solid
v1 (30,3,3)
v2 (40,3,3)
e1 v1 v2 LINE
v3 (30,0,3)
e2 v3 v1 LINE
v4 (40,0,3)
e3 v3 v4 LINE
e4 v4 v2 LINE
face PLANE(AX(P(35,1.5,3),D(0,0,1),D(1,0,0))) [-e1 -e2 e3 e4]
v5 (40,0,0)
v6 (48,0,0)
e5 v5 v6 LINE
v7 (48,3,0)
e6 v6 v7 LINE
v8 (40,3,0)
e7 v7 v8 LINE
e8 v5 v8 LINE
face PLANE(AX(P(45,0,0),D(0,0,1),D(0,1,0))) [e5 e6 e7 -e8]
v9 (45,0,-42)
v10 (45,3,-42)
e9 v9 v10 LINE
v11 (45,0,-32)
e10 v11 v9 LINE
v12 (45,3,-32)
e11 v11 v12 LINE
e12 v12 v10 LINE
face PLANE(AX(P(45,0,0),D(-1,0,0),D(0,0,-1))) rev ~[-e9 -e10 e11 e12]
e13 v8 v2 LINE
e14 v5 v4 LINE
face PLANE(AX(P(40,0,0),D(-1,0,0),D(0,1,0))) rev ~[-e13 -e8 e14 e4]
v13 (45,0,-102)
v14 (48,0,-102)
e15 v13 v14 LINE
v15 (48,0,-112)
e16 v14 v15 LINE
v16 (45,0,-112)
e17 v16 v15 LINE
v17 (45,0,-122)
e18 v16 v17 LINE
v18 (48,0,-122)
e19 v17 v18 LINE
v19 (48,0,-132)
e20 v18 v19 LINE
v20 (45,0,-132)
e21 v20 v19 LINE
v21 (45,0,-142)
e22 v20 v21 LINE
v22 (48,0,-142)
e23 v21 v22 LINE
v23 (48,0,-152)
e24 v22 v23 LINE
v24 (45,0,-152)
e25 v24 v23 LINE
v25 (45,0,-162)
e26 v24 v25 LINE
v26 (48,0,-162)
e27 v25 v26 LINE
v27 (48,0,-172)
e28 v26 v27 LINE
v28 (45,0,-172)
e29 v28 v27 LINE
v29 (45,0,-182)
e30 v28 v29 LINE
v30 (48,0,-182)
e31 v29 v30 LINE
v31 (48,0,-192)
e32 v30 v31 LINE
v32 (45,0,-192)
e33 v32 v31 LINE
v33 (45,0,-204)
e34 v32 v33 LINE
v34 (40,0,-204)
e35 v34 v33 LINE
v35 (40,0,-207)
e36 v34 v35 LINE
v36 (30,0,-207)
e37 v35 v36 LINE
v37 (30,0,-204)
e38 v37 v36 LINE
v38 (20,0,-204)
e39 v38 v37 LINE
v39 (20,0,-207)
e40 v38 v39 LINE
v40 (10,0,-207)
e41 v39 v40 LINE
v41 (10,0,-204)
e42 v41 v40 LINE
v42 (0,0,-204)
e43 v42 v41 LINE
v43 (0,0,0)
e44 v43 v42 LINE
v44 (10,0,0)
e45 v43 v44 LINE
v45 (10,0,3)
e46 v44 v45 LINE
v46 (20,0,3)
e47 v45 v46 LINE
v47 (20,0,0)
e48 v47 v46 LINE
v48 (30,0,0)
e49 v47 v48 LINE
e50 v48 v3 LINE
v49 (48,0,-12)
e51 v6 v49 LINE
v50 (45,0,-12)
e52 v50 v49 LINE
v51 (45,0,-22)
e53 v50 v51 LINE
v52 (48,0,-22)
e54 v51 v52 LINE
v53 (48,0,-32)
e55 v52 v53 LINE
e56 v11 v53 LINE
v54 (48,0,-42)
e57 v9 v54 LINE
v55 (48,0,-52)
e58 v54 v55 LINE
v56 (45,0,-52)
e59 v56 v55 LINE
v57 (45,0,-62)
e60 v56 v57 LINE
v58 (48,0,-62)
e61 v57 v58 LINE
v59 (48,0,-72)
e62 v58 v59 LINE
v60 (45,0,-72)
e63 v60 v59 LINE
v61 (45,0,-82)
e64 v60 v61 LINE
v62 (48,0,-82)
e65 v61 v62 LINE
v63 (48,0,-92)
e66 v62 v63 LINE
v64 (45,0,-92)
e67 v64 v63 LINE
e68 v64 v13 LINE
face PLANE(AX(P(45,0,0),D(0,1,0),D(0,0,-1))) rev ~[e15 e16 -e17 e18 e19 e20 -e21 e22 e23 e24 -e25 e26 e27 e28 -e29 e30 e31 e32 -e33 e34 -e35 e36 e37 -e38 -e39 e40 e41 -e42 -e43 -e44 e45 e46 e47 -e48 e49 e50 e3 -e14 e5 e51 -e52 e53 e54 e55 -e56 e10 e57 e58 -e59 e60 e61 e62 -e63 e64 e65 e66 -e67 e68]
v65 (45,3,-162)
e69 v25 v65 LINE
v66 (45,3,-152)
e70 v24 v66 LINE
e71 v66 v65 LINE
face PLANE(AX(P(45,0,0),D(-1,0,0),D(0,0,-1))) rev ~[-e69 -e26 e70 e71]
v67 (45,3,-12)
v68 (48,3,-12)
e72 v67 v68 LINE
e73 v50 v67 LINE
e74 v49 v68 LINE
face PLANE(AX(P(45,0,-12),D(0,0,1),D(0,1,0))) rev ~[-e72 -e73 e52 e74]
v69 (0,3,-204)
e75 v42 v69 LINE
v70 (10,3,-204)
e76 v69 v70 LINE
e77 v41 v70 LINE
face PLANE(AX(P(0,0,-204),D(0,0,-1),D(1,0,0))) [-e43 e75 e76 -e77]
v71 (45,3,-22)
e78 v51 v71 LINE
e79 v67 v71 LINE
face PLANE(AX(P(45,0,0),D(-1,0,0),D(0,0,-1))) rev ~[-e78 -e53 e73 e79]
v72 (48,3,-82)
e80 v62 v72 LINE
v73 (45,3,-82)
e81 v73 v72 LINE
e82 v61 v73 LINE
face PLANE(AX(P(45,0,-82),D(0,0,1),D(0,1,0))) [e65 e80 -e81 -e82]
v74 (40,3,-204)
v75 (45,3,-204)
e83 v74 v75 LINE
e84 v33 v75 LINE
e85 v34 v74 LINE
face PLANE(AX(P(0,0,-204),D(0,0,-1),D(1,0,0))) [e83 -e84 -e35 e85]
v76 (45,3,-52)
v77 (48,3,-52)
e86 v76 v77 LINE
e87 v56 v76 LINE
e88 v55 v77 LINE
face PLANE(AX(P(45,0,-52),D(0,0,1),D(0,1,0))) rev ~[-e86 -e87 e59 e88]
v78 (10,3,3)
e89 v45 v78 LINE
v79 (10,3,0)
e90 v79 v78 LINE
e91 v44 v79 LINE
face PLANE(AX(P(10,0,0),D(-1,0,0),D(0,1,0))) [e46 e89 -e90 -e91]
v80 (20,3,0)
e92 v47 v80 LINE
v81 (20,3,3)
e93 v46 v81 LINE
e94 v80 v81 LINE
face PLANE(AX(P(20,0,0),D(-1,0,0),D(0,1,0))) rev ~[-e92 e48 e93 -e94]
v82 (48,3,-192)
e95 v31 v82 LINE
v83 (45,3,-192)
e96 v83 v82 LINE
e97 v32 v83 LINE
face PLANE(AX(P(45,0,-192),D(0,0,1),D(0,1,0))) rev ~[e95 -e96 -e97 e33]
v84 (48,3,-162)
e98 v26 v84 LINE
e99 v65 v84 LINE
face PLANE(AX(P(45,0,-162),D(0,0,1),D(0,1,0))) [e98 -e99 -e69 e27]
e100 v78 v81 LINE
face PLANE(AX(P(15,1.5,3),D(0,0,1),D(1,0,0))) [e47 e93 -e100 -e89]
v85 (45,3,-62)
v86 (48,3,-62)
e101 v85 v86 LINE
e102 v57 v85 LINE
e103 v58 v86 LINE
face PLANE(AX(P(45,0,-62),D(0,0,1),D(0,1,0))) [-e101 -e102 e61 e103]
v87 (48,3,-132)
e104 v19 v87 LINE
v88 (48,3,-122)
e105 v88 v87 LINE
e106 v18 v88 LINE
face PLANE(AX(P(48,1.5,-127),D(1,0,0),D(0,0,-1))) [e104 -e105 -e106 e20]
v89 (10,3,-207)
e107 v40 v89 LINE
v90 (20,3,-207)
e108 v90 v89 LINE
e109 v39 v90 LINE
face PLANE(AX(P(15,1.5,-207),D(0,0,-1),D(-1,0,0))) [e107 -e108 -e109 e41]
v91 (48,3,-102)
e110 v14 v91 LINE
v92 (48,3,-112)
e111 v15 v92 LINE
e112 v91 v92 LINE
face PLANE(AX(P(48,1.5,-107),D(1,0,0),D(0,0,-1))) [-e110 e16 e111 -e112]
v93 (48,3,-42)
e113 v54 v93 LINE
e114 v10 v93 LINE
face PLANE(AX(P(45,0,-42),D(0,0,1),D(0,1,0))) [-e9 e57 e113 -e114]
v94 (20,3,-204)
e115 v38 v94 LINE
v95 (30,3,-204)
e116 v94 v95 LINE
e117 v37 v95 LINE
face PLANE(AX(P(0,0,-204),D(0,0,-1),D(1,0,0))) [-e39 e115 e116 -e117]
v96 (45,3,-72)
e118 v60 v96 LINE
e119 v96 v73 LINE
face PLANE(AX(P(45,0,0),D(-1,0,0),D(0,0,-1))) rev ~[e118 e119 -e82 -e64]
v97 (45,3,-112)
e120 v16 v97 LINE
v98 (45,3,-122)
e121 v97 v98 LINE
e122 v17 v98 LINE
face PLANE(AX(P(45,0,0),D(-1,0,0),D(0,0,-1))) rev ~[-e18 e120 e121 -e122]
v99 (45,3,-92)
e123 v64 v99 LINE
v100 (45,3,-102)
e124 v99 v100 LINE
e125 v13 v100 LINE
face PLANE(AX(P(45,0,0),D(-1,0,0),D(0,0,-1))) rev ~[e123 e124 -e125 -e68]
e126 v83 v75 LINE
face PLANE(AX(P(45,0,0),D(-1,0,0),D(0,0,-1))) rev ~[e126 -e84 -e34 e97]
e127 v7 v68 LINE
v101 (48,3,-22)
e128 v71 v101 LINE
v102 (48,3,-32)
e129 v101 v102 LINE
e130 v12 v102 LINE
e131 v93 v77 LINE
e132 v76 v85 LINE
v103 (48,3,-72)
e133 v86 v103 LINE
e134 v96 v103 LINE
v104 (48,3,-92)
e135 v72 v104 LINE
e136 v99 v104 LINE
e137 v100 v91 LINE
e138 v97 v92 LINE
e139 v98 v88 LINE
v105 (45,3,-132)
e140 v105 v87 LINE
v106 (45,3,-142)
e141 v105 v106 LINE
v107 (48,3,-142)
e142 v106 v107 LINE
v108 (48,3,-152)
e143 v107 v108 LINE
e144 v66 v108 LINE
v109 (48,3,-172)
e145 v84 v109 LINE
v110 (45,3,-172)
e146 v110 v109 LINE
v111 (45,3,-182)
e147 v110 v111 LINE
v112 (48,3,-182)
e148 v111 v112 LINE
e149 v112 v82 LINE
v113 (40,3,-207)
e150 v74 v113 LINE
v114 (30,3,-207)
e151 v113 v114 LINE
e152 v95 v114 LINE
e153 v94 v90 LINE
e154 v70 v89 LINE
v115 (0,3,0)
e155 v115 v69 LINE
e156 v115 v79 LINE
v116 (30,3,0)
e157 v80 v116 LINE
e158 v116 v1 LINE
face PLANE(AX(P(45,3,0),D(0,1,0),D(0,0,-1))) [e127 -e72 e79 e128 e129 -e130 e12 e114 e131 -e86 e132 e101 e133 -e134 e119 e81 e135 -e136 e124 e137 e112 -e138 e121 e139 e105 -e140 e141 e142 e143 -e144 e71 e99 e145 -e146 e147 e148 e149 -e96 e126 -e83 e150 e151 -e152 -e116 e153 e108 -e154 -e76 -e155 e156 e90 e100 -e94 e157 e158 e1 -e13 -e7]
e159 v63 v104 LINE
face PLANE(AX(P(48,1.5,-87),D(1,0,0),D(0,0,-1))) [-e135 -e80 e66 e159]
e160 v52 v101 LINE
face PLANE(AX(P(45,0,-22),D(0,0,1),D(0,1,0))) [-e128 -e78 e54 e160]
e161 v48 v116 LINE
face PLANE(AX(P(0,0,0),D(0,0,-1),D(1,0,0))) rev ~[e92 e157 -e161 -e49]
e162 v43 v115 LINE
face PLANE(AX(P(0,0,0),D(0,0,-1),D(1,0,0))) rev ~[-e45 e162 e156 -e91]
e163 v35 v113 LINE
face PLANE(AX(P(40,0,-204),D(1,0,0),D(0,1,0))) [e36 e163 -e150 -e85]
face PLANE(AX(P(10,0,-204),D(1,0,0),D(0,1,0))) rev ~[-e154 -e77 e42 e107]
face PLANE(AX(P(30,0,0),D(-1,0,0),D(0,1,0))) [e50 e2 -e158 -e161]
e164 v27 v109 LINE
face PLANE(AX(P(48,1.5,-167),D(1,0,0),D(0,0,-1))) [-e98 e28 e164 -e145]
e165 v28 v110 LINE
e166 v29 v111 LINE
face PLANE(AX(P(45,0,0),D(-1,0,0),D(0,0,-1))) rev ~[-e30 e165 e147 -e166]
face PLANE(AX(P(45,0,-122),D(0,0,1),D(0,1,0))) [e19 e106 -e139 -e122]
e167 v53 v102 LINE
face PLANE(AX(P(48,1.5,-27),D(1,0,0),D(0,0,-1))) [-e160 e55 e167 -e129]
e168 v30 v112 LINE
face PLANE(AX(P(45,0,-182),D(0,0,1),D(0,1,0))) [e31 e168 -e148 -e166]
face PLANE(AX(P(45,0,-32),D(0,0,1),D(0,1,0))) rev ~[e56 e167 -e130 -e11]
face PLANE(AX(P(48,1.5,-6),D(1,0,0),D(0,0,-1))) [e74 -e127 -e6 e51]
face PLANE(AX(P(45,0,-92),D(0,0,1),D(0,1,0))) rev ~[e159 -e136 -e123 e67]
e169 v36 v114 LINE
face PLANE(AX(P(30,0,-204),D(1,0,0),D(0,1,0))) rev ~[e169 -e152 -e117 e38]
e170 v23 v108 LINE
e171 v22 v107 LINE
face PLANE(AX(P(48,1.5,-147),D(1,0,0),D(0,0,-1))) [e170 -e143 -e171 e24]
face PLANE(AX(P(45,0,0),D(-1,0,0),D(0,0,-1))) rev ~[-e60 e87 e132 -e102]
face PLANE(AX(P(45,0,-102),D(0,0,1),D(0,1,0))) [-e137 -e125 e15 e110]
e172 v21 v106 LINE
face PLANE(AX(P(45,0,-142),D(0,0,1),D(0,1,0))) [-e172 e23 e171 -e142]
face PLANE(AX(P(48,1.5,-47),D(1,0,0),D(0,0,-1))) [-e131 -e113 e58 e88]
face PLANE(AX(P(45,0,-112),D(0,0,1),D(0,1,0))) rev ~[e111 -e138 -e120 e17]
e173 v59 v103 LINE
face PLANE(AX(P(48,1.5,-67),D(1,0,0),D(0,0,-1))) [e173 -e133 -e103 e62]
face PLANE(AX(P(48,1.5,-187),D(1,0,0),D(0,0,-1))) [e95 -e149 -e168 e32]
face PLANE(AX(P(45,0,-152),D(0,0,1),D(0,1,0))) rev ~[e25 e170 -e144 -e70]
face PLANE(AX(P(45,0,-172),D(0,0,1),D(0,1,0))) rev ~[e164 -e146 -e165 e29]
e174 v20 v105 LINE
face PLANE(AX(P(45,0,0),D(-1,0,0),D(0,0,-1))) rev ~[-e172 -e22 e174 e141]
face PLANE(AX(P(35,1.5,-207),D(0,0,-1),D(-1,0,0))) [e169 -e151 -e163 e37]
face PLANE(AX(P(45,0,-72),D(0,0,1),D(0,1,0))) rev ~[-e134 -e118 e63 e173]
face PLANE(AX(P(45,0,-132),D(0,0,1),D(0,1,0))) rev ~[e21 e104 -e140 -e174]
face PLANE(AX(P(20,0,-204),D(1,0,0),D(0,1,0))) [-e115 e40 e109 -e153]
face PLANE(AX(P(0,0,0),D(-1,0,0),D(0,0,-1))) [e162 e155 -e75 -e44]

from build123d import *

# Parameters (mm, degrees)
SKETCH1_W           = 45
SKETCH1_H           = 204
BOSS_EXTRUDE1_DEPTH = 3
SKETCH2_W           = 10
SKETCH2_H           = 3
BOSS_EXTRUDE2_DEPTH = 3
LPATTERN1_COUNT     = 2
LPATTERN1_PITCH     = 20
SKETCH3_W           = 10
SKETCH3_H           = 3
BOSS_EXTRUDE3_DEPTH = 3
LPATTERN2_COUNT     = 2
LPATTERN2_PITCH     = 20
SKETCH4_W           = 12
SKETCH4_H           = 3
SKETCH4_W_2         = 10
BOSS_EXTRUDE4_DEPTH = 3


with BuildPart() as part:
    # Sketch1 → Boss-Extrude1 (new body)
    with BuildSketch(Plane(origin=(0, 0, 0), x_dir=(1, 0, 0), z_dir=(0, 1, 0))):
        with Locations((22.5, 102)):
            Rectangle(SKETCH1_W, SKETCH1_H)
    extrude(amount=BOSS_EXTRUDE1_DEPTH)

    # Sketch2 → Boss-Extrude2 (add)
    with BuildSketch(Plane.XY):
        with Locations((35, 1.5)):
            Rectangle(SKETCH2_W, SKETCH2_H)
    boss_extrude2 = extrude(amount=BOSS_EXTRUDE2_DEPTH)

    # LPattern1: Boss-Extrude2 ×2
    with Locations(*[(-i * LPATTERN1_PITCH, 0, 0) for i in range(1, LPATTERN1_COUNT)]):
        add(boss_extrude2)

    # Sketch3 → Boss-Extrude3 (add)
    with BuildSketch(Plane(origin=(0, 0, -204), x_dir=(-1, 0, 0), z_dir=(0, 0, -1))):
        with Locations((-35, 1.5)):
            Rectangle(SKETCH3_W, SKETCH3_H)
    boss_extrude3 = extrude(amount=BOSS_EXTRUDE3_DEPTH)

    # LPattern2: Boss-Extrude3 ×2
    with Locations(*[(-i * LPATTERN2_PITCH, 0, 0) for i in range(1, LPATTERN2_COUNT)]):
        add(boss_extrude3)

    # Sketch4 → Boss-Extrude4 (add)
    with BuildSketch(Plane(origin=(45, 0, 0), x_dir=(0, 0, -1), z_dir=(1, 0, 0))):
        with Locations((6, 1.5)):
            Rectangle(SKETCH4_W, SKETCH4_H)
        with Locations((27, 1.5)):
            Rectangle(SKETCH4_W_2, SKETCH4_H)
        with Locations((47, 1.5)):
            Rectangle(SKETCH4_W_2, SKETCH4_H)
        with Locations((67, 1.5)):
            Rectangle(SKETCH4_W_2, SKETCH4_H)
        with Locations((87, 1.5)):
            Rectangle(SKETCH4_W_2, SKETCH4_H)
        with Locations((107, 1.5)):
            Rectangle(SKETCH4_W_2, SKETCH4_H)
        with Locations((127, 1.5)):
            Rectangle(SKETCH4_W_2, SKETCH4_H)
        with Locations((147, 1.5)):
            Rectangle(SKETCH4_W_2, SKETCH4_H)
        with Locations((167, 1.5)):
            Rectangle(SKETCH4_W_2, SKETCH4_H)
        with Locations((187, 1.5)):
            Rectangle(SKETCH4_W_2, SKETCH4_H)
    extrude(amount=BOSS_EXTRUDE4_DEPTH)


solid = part.part
